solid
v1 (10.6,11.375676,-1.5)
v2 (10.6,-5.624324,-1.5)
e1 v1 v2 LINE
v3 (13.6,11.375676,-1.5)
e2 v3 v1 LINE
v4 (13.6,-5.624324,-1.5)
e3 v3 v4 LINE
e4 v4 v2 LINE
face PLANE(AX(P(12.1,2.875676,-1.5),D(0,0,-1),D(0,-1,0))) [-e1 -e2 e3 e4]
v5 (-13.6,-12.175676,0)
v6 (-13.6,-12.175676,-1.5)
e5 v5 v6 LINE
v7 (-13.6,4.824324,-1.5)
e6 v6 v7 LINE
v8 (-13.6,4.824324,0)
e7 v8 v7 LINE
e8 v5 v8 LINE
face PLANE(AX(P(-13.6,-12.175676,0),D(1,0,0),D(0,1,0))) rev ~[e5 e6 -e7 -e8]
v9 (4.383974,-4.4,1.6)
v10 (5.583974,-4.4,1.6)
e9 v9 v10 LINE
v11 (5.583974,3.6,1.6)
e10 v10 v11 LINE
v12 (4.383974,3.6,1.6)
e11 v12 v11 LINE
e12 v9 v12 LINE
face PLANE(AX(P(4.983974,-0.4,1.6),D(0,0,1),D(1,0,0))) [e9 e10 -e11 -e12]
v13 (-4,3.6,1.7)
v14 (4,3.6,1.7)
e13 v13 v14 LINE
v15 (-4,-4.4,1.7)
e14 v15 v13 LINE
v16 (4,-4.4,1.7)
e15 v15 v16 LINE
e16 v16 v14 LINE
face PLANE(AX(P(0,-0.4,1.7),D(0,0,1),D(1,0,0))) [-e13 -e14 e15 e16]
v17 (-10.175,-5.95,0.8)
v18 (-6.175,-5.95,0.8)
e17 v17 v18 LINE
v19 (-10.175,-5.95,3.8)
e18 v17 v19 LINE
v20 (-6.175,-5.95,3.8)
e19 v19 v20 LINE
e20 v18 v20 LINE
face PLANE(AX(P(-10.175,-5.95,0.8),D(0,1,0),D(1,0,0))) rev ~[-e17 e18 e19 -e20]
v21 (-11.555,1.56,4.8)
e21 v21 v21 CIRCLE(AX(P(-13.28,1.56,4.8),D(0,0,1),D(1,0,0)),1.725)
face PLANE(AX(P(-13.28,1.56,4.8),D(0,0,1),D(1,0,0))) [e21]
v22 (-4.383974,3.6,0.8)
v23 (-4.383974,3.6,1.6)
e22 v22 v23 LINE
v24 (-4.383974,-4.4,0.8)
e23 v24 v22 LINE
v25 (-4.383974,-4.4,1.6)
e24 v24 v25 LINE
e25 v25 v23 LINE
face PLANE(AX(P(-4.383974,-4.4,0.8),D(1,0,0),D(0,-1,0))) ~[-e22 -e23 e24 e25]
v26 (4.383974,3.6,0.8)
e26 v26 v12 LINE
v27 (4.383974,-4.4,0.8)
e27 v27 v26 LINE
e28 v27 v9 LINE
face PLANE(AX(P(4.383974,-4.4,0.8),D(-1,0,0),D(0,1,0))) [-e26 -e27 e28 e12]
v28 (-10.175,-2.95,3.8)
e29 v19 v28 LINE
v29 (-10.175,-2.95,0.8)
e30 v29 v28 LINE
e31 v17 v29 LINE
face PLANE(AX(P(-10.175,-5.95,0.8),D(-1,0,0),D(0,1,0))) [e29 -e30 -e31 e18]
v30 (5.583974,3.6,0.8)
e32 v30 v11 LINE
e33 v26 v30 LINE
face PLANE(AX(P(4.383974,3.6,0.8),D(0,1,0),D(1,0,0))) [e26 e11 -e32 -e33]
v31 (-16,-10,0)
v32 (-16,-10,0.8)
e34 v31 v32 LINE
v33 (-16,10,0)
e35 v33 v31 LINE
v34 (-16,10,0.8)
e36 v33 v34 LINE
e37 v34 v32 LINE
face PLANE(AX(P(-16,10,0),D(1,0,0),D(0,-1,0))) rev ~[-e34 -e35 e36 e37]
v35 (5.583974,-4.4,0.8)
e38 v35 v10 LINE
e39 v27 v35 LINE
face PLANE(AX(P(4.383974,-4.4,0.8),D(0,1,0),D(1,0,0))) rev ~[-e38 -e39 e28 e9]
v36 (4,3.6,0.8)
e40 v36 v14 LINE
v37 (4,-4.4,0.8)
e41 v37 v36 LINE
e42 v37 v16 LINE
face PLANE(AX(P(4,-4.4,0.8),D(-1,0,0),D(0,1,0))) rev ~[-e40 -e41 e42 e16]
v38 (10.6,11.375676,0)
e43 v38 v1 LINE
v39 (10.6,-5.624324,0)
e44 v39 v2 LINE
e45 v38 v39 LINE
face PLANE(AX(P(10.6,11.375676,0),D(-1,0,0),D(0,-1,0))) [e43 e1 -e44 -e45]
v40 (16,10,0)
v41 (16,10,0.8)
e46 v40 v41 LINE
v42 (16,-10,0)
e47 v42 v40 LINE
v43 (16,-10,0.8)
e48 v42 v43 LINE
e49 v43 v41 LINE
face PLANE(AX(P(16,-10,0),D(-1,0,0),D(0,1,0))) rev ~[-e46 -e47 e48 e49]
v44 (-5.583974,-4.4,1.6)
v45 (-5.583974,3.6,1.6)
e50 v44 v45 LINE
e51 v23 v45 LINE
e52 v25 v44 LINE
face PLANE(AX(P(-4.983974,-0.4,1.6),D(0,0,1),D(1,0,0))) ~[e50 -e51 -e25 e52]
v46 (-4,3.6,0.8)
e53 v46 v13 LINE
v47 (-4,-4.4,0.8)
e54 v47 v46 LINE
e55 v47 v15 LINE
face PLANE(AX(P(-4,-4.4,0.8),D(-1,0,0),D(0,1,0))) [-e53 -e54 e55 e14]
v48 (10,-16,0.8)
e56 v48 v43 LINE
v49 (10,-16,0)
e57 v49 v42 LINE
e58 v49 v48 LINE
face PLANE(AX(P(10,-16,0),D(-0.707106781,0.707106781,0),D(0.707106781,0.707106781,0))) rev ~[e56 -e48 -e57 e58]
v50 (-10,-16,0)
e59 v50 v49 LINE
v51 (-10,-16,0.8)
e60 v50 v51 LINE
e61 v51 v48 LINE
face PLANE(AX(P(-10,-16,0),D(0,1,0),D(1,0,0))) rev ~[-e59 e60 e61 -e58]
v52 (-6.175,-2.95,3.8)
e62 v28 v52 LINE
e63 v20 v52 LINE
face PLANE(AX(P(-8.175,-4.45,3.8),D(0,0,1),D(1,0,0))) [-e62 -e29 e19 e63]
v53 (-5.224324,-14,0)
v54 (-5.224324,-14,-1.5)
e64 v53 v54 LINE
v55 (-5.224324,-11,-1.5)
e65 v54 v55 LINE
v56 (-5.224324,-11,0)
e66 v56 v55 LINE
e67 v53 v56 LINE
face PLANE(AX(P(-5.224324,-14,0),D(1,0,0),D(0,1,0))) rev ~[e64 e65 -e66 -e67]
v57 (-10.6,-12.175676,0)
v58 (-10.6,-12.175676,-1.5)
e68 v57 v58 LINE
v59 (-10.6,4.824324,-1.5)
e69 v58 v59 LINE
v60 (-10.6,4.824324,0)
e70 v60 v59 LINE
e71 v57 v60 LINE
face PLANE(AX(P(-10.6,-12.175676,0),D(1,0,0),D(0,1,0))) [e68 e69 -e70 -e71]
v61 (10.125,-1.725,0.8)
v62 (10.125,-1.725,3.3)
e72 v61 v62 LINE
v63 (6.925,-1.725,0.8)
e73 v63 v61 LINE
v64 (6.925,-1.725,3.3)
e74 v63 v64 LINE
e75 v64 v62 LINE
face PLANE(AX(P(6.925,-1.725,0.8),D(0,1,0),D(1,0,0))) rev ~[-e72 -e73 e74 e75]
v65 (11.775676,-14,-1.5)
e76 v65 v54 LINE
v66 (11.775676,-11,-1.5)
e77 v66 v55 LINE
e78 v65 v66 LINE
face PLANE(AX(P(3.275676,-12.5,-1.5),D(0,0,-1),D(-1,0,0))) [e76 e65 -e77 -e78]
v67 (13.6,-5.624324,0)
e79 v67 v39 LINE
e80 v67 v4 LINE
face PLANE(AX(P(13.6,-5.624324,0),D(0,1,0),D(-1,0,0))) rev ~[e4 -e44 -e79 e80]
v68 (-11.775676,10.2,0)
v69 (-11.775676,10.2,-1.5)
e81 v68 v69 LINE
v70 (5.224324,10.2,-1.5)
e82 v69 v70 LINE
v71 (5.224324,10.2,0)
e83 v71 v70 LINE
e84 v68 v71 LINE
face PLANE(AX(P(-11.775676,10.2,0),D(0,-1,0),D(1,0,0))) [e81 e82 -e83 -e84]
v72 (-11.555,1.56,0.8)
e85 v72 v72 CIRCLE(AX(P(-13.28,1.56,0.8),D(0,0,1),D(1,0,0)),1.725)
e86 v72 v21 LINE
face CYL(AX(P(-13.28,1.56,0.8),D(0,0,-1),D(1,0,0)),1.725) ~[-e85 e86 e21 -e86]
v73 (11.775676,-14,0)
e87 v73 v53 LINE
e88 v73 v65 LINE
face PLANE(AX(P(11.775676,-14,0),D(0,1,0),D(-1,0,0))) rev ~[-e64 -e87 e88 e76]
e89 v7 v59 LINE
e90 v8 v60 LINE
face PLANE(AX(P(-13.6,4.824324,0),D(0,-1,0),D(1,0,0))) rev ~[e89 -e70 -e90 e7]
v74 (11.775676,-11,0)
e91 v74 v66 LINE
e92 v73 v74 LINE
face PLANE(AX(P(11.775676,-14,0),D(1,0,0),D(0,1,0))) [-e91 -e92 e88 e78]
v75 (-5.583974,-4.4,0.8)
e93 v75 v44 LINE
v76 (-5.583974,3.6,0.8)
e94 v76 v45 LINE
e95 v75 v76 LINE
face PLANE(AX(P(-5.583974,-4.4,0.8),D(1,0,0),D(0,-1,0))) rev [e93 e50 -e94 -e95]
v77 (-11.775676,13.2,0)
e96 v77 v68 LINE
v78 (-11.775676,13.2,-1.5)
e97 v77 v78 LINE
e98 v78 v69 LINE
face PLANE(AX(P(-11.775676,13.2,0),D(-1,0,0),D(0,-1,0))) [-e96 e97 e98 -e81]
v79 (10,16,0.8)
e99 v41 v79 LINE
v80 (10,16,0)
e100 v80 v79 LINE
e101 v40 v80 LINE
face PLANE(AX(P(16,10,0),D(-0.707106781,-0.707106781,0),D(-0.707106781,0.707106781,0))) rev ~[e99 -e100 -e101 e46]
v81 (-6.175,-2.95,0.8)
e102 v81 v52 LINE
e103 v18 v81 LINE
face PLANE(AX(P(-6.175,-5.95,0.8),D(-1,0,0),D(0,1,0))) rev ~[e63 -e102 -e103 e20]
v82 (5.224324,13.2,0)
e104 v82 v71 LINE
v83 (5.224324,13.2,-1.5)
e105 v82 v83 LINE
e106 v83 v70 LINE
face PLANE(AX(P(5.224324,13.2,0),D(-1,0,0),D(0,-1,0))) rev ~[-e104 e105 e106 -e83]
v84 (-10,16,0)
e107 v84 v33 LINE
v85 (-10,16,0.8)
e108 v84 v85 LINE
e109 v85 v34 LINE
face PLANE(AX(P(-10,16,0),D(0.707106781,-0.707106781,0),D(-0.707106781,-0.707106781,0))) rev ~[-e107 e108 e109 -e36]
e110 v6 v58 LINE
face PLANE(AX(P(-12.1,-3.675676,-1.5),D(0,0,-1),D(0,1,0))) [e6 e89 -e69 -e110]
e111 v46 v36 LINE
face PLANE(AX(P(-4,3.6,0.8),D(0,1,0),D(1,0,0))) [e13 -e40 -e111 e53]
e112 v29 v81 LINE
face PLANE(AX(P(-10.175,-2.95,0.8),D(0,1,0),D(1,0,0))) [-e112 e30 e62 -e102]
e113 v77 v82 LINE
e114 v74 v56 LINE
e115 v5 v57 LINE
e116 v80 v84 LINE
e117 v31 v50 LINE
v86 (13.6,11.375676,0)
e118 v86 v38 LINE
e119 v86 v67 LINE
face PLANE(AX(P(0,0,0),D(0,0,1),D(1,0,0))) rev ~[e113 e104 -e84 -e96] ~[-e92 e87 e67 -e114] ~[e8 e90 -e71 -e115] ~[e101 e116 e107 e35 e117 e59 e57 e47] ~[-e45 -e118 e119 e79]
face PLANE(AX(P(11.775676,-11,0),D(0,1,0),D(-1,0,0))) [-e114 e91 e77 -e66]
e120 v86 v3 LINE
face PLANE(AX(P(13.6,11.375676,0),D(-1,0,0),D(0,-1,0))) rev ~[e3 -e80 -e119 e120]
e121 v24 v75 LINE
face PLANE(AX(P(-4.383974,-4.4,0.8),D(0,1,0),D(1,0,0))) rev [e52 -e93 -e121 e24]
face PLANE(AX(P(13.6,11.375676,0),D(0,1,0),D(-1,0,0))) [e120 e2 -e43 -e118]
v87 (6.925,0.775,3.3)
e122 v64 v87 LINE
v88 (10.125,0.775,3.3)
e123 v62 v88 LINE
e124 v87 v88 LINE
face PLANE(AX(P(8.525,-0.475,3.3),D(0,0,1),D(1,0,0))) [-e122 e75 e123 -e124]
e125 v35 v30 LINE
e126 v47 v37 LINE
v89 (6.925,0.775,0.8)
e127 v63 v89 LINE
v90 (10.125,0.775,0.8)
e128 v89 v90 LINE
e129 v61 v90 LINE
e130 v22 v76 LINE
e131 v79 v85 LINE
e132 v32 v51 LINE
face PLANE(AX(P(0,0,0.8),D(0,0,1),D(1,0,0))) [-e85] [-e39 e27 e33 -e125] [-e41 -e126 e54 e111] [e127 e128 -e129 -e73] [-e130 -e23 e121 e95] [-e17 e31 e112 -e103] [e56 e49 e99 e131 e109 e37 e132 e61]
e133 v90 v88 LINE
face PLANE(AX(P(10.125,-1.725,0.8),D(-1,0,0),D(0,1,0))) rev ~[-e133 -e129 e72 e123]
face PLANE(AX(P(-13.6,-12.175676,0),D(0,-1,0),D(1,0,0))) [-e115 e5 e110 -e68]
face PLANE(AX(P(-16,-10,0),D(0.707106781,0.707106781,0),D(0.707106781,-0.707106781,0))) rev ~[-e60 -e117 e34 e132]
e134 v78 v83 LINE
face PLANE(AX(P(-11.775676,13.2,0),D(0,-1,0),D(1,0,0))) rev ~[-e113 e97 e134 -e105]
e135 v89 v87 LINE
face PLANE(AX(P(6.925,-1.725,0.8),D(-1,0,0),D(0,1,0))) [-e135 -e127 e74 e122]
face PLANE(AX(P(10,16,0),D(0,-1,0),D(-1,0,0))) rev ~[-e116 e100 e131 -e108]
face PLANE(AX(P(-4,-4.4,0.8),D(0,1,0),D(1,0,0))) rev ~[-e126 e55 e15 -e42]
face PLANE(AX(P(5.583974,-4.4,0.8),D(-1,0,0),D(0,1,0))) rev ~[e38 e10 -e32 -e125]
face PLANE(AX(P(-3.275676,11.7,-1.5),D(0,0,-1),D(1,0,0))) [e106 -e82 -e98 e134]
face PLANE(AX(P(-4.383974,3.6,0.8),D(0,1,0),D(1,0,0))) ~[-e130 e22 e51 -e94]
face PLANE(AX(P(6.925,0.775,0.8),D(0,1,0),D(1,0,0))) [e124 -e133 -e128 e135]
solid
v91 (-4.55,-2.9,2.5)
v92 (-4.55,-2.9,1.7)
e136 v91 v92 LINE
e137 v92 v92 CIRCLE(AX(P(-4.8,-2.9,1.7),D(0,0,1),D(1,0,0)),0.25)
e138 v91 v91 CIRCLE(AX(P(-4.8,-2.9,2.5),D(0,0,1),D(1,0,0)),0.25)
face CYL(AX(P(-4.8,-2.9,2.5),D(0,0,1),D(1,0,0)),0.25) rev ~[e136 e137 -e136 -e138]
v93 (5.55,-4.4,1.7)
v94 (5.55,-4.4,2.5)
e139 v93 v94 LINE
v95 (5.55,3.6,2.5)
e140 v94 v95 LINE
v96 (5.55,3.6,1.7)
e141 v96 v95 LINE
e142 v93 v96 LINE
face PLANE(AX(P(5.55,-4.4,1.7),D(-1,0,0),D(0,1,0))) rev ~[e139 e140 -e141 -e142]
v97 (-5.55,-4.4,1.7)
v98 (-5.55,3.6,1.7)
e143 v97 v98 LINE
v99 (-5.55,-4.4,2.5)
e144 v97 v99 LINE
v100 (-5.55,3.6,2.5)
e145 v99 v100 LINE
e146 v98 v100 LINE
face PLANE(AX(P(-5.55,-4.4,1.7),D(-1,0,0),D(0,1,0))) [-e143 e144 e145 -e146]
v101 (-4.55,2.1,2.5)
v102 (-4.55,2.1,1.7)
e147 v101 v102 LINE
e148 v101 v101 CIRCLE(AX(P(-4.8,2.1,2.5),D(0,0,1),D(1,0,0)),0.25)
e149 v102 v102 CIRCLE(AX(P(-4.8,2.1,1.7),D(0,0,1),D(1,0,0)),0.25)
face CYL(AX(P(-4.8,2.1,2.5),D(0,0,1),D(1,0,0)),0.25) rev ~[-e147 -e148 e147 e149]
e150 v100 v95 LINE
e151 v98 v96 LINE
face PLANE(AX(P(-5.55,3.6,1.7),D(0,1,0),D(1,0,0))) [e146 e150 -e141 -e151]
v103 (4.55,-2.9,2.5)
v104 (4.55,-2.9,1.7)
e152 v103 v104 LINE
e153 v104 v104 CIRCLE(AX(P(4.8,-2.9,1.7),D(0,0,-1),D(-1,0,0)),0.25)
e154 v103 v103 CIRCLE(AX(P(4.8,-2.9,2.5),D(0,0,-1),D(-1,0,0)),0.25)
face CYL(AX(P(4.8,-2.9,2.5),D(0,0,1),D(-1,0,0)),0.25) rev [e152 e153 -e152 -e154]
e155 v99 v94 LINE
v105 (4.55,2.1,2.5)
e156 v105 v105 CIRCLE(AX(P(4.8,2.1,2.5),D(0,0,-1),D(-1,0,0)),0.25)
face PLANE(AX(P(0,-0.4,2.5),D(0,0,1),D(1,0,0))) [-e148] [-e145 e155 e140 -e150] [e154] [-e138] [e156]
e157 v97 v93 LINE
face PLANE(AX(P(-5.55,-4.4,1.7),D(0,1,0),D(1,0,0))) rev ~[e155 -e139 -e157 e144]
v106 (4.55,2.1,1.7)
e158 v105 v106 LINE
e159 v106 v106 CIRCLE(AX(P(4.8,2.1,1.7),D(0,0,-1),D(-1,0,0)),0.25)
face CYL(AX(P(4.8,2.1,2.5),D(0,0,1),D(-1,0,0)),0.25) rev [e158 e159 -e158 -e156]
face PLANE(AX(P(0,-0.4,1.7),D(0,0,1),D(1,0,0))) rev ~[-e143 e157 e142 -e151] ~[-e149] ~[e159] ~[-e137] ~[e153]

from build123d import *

# Parameters (mm, degrees)
BOSS_EXTRUDE1_DEPTH  = 0.8
SKETCH2_W            = 17
SKETCH2_H            = 3
BOSS_EXTRUDE2_DEPTH  = 1.5
SKETCH3_W            = 8
SKETCH3_H            = 8
BOSS_EXTRUDE3_DEPTH  = 0.9
CIRPATTERN2_COUNT    = 4
SKETCH5_W            = 1.2
SKETCH5_H            = 8
BOSS_EXTRUDE4_DEPTH  = 0.8
SKETCH6_W            = 11.1
SKETCH6_H            = 8
BOSS_EXTRUDE5_DEPTH  = 0.8
SKETCH10_W           = 3.2
SKETCH10_H           = 2.5
BOSS_EXTRUDE7_DEPTH  = 2.5
SKETCH11_W           = 4
SKETCH11_H           = 3
BOSS_EXTRUDE8_DEPTH  = 3
SKETCH12_R           = 1.725
BOSS_EXTRUDE10_DEPTH = 4
SKETCH14_R           = 0.25
CUT_EXTRUDE1_DEPTH   = 0.8


with BuildPart() as part:
    # Sketch1 → Boss-Extrude1 (new body)
    with BuildSketch(Plane.XY):
        Polygon((-10, 16), (-16, 10), (-16, -10), (-10, -16), (10, -16), (16, -10), (16, 10), (10, 16), align=None)
    extrude(amount=BOSS_EXTRUDE1_DEPTH)

    # Sketch2 → Boss-Extrude2 (add)
    with BuildSketch(Plane(origin=(0, 0, 0), x_dir=(-1, 0, 0), z_dir=(0, 0, -1))):
        with Locations((-3.275675651, -12.5)):
            Rectangle(SKETCH2_W, SKETCH2_H)
    boss_extrude2 = extrude(amount=BOSS_EXTRUDE2_DEPTH)

    # Sketch3 → Boss-Extrude3 (add)
    with BuildSketch(Plane.XY.offset(0.8)):
        with Locations((0, -0.4)):
            Rectangle(SKETCH3_W, SKETCH3_H)
    extrude(amount=BOSS_EXTRUDE3_DEPTH)

    # CirPattern2: Boss-Extrude2 ×4 about axis
    cirpattern2_axis = Axis((0, -0.4, 0), (0, 0, 1))
    for i in range(1, CIRPATTERN2_COUNT):
        add(boss_extrude2.rotate(cirpattern2_axis, i * 360 / CIRPATTERN2_COUNT))

    # Sketch5 → Boss-Extrude4 (add)
    with BuildSketch(Plane.XY.offset(0.8)):
        with Locations((4.983974318, -0.4)):
            Rectangle(SKETCH5_W, SKETCH5_H)
    boss_extrude4 = extrude(amount=BOSS_EXTRUDE4_DEPTH)

    # Mirror1: Boss-Extrude4 across plane
    add(boss_extrude4.mirror(Plane(origin=(0, 0, 0), x_dir=(0, 0, 1), z_dir=(1, 0, 0))))

    # Sketch10 → Boss-Extrude7 (add)
    with BuildSketch(Plane.XY.offset(0.8)):
        with Locations((8.525, -0.475)):
            Rectangle(SKETCH10_W, SKETCH10_H)
    extrude(amount=BOSS_EXTRUDE7_DEPTH)

    # Sketch11 → Boss-Extrude8 (add)
    with BuildSketch(Plane.XY.offset(0.8)):
        with Locations((-8.175, -4.45)):
            Rectangle(SKETCH11_W, SKETCH11_H)
    extrude(amount=BOSS_EXTRUDE8_DEPTH)

    # Sketch12 → Boss-Extrude10 (add)
    with BuildSketch(Plane.XY.offset(0.8)):
        with Locations((-13.28, 1.56)):
            Circle(SKETCH12_R)
    extrude(amount=BOSS_EXTRUDE10_DEPTH)


with BuildPart() as body_2:
    # Sketch6 → Boss-Extrude5 (new body)
    with BuildSketch(Plane.XY.offset(1.7)):
        with Locations((0, -0.4)):
            Rectangle(SKETCH6_W, SKETCH6_H)
    extrude(amount=BOSS_EXTRUDE5_DEPTH)

    # Sketch14 → Cut-Extrude1 (cut)
    with BuildSketch(Plane.XY.offset(2.5)):
        with Locations((-4.8, 2.1)):
            Circle(SKETCH14_R)
        with Locations((-4.8, -2.9)):
            Circle(SKETCH14_R)
    cut_extrude1 = extrude(amount=-CUT_EXTRUDE1_DEPTH, mode=Mode.SUBTRACT)

    # Mirror2: Cut-Extrude1 across plane
    add(cut_extrude1.mirror(Plane(origin=(0, 0, 0), x_dir=(0, 0, 1), z_dir=(1, 0, 0))), mode=Mode.SUBTRACT)


solid = Compound([part.part, body_2.part])
